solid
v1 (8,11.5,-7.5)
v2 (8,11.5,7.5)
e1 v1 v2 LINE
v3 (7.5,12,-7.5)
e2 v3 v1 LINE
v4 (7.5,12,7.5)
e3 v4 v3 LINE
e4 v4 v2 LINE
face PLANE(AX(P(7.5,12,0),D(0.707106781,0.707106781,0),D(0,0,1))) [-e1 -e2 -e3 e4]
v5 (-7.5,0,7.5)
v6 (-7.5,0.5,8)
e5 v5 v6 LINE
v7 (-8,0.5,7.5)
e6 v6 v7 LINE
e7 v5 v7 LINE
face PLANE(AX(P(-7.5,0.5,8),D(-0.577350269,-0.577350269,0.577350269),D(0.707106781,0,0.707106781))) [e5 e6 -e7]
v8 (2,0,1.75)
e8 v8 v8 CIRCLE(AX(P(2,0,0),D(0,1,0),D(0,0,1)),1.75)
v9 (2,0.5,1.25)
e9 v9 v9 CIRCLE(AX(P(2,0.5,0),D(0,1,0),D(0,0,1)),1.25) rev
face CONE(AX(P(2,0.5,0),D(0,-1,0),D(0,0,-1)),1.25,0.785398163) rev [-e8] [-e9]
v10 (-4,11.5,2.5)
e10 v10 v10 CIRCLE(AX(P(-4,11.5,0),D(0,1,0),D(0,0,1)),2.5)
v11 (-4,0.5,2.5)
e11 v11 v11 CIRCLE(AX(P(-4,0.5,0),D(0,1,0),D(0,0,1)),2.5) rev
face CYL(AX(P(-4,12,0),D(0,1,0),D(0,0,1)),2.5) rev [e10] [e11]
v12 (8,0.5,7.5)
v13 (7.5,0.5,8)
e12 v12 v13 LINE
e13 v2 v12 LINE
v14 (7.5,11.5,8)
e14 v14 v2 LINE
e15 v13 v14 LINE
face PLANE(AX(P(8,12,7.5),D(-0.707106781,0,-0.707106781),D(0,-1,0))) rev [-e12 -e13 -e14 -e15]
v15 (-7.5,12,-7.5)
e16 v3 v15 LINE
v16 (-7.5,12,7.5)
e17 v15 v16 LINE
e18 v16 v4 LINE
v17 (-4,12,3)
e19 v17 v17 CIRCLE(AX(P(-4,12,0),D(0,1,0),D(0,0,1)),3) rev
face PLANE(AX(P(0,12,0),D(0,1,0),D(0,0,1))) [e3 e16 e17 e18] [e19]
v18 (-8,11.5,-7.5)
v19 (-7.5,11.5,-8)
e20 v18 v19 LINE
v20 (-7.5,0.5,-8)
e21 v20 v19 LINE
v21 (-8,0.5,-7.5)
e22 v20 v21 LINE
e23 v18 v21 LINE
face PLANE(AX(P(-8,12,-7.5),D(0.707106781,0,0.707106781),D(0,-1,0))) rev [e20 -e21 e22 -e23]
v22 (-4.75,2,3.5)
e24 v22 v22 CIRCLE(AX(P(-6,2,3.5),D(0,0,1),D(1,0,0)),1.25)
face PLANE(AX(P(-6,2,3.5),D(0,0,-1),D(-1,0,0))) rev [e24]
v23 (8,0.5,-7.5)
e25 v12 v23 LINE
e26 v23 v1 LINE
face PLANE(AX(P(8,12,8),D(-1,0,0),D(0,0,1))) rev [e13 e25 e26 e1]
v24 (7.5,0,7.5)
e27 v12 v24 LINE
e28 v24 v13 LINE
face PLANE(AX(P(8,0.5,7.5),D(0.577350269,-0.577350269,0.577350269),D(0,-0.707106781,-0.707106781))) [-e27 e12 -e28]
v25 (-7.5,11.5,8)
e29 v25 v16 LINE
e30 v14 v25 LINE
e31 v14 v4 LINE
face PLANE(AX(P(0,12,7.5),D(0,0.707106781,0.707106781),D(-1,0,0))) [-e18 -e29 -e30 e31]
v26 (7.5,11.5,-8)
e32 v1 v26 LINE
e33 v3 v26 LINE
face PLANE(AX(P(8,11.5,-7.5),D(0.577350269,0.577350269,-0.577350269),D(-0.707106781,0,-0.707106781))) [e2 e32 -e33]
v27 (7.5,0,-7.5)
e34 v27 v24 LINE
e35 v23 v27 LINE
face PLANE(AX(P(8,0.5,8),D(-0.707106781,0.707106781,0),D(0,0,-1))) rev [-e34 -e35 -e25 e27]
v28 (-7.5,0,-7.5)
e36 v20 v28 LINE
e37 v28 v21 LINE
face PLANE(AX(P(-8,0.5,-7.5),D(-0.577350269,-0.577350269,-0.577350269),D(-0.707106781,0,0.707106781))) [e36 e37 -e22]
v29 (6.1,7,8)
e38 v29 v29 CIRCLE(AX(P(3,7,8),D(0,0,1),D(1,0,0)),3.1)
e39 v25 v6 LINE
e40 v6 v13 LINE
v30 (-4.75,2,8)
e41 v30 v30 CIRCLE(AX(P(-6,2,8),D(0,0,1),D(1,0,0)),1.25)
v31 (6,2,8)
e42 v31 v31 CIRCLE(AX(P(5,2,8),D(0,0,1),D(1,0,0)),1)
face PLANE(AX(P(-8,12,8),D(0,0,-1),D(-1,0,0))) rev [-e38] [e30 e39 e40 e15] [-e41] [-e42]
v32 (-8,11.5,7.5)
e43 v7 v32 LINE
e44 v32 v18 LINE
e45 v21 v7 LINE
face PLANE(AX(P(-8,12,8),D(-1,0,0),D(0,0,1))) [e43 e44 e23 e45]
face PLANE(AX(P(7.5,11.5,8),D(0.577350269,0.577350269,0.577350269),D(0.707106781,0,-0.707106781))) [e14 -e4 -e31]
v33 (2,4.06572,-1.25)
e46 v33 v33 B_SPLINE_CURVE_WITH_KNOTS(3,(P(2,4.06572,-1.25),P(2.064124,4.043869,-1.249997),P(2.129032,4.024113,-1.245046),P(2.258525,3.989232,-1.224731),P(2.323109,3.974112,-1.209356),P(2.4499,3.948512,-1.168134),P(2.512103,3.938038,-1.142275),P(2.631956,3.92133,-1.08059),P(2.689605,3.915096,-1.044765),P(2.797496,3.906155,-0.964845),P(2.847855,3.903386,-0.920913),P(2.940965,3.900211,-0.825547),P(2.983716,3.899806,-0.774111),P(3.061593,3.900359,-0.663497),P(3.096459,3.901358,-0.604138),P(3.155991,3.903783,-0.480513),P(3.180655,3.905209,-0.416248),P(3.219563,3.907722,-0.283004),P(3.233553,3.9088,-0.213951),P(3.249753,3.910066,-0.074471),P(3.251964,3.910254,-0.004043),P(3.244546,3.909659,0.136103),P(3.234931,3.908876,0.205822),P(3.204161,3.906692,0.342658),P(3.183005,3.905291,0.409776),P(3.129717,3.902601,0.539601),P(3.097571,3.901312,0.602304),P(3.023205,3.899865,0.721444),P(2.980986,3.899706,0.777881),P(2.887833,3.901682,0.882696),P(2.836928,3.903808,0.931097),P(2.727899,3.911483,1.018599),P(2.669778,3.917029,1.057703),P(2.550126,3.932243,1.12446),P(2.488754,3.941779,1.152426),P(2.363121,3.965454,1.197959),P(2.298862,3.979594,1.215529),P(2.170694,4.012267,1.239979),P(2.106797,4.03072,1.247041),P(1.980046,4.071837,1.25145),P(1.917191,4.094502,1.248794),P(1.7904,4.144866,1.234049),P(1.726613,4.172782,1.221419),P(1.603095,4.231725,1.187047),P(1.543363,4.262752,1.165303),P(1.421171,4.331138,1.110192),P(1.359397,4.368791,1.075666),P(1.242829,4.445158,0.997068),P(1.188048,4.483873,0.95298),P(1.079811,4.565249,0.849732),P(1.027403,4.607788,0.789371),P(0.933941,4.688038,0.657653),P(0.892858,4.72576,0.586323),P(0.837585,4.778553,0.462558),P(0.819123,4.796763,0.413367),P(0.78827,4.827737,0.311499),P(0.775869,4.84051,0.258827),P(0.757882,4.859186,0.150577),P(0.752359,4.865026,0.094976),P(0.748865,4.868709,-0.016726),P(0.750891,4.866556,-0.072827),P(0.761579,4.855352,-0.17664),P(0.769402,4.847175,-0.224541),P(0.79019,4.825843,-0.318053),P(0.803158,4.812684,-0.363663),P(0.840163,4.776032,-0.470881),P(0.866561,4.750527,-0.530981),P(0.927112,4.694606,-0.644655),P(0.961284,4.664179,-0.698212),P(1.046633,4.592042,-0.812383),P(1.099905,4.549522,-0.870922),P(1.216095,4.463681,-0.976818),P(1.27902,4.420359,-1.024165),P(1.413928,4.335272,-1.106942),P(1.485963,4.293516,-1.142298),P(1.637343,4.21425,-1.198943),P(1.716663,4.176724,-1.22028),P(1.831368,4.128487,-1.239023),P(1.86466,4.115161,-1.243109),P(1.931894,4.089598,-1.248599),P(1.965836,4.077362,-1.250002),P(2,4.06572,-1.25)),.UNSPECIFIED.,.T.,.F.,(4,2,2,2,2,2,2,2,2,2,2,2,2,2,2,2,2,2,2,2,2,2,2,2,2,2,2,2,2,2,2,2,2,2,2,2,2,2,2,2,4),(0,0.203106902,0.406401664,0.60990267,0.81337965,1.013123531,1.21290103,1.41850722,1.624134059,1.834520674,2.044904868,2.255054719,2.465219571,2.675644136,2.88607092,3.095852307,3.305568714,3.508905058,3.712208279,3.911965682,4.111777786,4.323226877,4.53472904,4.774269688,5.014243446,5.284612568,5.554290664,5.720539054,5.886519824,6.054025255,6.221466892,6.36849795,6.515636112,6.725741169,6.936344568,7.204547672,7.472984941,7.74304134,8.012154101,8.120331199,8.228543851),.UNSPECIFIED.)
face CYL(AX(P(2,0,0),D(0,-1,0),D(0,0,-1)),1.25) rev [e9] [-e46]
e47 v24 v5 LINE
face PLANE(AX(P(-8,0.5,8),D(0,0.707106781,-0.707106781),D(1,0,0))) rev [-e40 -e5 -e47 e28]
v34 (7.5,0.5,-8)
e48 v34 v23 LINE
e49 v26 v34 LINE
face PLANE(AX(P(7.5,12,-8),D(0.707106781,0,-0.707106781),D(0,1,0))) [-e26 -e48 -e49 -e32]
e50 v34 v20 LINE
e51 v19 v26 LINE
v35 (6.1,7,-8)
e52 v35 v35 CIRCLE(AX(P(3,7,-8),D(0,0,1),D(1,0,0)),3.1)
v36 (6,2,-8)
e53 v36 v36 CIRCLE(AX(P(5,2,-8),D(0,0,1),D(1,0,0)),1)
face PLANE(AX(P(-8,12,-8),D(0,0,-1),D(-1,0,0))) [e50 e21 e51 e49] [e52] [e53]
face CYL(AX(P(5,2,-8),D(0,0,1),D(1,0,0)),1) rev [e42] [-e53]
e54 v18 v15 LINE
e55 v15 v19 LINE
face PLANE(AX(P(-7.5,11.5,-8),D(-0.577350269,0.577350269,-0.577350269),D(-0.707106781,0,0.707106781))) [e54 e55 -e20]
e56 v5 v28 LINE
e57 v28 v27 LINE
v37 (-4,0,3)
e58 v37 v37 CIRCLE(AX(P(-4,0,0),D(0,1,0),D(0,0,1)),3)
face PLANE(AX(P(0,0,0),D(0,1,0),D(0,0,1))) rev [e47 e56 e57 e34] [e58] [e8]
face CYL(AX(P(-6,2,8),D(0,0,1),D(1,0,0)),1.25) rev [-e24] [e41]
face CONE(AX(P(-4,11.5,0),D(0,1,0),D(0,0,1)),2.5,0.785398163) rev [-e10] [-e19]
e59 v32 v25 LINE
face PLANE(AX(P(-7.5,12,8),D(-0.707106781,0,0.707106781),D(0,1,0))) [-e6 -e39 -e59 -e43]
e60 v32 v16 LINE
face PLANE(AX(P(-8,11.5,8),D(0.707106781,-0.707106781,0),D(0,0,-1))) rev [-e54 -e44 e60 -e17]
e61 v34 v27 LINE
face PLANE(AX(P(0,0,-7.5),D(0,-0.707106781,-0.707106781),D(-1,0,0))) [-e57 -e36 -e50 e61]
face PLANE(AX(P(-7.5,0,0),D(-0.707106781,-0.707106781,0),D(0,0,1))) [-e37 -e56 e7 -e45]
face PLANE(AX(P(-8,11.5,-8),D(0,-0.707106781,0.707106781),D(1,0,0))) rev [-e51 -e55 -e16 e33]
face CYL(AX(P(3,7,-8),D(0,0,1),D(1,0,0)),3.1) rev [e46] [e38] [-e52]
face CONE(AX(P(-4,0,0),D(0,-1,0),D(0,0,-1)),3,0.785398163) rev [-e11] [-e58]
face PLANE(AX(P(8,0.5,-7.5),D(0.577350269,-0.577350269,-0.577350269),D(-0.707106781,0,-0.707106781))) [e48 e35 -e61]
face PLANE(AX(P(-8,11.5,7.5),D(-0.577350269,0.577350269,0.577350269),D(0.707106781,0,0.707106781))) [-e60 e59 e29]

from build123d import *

# Parameters (mm, degrees)
SKETCH1_W                       = 16
SKETCH1_H                       = 16
BOSS_EXTRUDE1_DEPTH             = 12
SKETCH2_R                       = 3.1
SKETCH2_R_2                     = 1
CUT_EXTRUDE1_DEPTH              = 17
F_2_5_2_5_DIAMETER_HOLE1_D      = 2.5
F_2_5_2_5_DIAMETER_HOLE1_DEPTH  = 4.5
TAP_DRILL_FOR_M6X1_0_TAP1_D     = 5
TAP_DRILL_FOR_M3X0_5_TAP1_D     = 2.5
TAP_DRILL_FOR_M3X0_5_TAP1_DEPTH = 6.999
TAP_DRILL_FOR_M3X0_5_TAP1_TIP   = 0.751075774
CHAMFER1_SIZE                   = 0.5


with BuildPart() as part:
    # Sketch1 → Boss-Extrude1 (new body)
    with BuildSketch(Plane(origin=(0, 0, 0), x_dir=(1, 0, 0), z_dir=(0, 1, 0))):
        Rectangle(SKETCH1_W, SKETCH1_H)
    extrude(amount=BOSS_EXTRUDE1_DEPTH)

    # Sketch2 → Cut-Extrude1 (cut, through all)
    with BuildSketch(Plane.XY.offset(8)):
        with Locations((3, 7)):
            Circle(SKETCH2_R)
        with Locations((5, 2)):
            Circle(SKETCH2_R_2)
    extrude(amount=-CUT_EXTRUDE1_DEPTH, mode=Mode.SUBTRACT)

    # Ø2.5 (2.5) Diameter Hole1
    with Locations(Plane.XY.offset(8)):
        with Locations((-6, 2)):
            Hole(F_2_5_2_5_DIAMETER_HOLE1_D / 2, depth=F_2_5_2_5_DIAMETER_HOLE1_DEPTH)

    # Tap Drill for M6x1.0 Tap1 (through all)
    with Locations(Plane(origin=(0, 12, 0), x_dir=(1, 0, 0), z_dir=(0, 1, 0))):
        with Locations((-4, 0)):
            Hole(TAP_DRILL_FOR_M6X1_0_TAP1_D / 2)

    # Tap Drill for M3x0.5 Tap1
    with Locations(Plane(origin=(0, 0, 0), x_dir=(-1, 0, 0), z_dir=(0, -1, 0))):
        with Locations((-2, 0)):
            Hole(TAP_DRILL_FOR_M3X0_5_TAP1_D / 2, depth=TAP_DRILL_FOR_M3X0_5_TAP1_DEPTH)
            with Locations((0, 0, -(TAP_DRILL_FOR_M3X0_5_TAP1_DEPTH + TAP_DRILL_FOR_M3X0_5_TAP1_TIP / 2))):  # 118° drill point
                Cone(0, TAP_DRILL_FOR_M3X0_5_TAP1_D / 2, TAP_DRILL_FOR_M3X0_5_TAP1_TIP, mode=Mode.SUBTRACT)

    # Chamfer1
    chamfer1_edges = [part.edges().sort_by_distance(p)[0] for p in [
        (0, 12, -8),
        (-8, 12, 0),
        (-1.5, 12, 0),
        (-1.5, 0, 0),
        (0.75, 0, 0),
        (0, 12, 8),
        (-8, 0, 0),
        (0, 0, -8),
        (8, 0, 0),
        (0, 0, 8),
        (8, 12, 0),
        (-8, 6, 8),
        (-8, 6, -8),
        (8, 6, -8),
        (8, 6, 8),
    ]]
    chamfer(chamfer1_edges, length=CHAMFER1_SIZE)


solid = part.part
